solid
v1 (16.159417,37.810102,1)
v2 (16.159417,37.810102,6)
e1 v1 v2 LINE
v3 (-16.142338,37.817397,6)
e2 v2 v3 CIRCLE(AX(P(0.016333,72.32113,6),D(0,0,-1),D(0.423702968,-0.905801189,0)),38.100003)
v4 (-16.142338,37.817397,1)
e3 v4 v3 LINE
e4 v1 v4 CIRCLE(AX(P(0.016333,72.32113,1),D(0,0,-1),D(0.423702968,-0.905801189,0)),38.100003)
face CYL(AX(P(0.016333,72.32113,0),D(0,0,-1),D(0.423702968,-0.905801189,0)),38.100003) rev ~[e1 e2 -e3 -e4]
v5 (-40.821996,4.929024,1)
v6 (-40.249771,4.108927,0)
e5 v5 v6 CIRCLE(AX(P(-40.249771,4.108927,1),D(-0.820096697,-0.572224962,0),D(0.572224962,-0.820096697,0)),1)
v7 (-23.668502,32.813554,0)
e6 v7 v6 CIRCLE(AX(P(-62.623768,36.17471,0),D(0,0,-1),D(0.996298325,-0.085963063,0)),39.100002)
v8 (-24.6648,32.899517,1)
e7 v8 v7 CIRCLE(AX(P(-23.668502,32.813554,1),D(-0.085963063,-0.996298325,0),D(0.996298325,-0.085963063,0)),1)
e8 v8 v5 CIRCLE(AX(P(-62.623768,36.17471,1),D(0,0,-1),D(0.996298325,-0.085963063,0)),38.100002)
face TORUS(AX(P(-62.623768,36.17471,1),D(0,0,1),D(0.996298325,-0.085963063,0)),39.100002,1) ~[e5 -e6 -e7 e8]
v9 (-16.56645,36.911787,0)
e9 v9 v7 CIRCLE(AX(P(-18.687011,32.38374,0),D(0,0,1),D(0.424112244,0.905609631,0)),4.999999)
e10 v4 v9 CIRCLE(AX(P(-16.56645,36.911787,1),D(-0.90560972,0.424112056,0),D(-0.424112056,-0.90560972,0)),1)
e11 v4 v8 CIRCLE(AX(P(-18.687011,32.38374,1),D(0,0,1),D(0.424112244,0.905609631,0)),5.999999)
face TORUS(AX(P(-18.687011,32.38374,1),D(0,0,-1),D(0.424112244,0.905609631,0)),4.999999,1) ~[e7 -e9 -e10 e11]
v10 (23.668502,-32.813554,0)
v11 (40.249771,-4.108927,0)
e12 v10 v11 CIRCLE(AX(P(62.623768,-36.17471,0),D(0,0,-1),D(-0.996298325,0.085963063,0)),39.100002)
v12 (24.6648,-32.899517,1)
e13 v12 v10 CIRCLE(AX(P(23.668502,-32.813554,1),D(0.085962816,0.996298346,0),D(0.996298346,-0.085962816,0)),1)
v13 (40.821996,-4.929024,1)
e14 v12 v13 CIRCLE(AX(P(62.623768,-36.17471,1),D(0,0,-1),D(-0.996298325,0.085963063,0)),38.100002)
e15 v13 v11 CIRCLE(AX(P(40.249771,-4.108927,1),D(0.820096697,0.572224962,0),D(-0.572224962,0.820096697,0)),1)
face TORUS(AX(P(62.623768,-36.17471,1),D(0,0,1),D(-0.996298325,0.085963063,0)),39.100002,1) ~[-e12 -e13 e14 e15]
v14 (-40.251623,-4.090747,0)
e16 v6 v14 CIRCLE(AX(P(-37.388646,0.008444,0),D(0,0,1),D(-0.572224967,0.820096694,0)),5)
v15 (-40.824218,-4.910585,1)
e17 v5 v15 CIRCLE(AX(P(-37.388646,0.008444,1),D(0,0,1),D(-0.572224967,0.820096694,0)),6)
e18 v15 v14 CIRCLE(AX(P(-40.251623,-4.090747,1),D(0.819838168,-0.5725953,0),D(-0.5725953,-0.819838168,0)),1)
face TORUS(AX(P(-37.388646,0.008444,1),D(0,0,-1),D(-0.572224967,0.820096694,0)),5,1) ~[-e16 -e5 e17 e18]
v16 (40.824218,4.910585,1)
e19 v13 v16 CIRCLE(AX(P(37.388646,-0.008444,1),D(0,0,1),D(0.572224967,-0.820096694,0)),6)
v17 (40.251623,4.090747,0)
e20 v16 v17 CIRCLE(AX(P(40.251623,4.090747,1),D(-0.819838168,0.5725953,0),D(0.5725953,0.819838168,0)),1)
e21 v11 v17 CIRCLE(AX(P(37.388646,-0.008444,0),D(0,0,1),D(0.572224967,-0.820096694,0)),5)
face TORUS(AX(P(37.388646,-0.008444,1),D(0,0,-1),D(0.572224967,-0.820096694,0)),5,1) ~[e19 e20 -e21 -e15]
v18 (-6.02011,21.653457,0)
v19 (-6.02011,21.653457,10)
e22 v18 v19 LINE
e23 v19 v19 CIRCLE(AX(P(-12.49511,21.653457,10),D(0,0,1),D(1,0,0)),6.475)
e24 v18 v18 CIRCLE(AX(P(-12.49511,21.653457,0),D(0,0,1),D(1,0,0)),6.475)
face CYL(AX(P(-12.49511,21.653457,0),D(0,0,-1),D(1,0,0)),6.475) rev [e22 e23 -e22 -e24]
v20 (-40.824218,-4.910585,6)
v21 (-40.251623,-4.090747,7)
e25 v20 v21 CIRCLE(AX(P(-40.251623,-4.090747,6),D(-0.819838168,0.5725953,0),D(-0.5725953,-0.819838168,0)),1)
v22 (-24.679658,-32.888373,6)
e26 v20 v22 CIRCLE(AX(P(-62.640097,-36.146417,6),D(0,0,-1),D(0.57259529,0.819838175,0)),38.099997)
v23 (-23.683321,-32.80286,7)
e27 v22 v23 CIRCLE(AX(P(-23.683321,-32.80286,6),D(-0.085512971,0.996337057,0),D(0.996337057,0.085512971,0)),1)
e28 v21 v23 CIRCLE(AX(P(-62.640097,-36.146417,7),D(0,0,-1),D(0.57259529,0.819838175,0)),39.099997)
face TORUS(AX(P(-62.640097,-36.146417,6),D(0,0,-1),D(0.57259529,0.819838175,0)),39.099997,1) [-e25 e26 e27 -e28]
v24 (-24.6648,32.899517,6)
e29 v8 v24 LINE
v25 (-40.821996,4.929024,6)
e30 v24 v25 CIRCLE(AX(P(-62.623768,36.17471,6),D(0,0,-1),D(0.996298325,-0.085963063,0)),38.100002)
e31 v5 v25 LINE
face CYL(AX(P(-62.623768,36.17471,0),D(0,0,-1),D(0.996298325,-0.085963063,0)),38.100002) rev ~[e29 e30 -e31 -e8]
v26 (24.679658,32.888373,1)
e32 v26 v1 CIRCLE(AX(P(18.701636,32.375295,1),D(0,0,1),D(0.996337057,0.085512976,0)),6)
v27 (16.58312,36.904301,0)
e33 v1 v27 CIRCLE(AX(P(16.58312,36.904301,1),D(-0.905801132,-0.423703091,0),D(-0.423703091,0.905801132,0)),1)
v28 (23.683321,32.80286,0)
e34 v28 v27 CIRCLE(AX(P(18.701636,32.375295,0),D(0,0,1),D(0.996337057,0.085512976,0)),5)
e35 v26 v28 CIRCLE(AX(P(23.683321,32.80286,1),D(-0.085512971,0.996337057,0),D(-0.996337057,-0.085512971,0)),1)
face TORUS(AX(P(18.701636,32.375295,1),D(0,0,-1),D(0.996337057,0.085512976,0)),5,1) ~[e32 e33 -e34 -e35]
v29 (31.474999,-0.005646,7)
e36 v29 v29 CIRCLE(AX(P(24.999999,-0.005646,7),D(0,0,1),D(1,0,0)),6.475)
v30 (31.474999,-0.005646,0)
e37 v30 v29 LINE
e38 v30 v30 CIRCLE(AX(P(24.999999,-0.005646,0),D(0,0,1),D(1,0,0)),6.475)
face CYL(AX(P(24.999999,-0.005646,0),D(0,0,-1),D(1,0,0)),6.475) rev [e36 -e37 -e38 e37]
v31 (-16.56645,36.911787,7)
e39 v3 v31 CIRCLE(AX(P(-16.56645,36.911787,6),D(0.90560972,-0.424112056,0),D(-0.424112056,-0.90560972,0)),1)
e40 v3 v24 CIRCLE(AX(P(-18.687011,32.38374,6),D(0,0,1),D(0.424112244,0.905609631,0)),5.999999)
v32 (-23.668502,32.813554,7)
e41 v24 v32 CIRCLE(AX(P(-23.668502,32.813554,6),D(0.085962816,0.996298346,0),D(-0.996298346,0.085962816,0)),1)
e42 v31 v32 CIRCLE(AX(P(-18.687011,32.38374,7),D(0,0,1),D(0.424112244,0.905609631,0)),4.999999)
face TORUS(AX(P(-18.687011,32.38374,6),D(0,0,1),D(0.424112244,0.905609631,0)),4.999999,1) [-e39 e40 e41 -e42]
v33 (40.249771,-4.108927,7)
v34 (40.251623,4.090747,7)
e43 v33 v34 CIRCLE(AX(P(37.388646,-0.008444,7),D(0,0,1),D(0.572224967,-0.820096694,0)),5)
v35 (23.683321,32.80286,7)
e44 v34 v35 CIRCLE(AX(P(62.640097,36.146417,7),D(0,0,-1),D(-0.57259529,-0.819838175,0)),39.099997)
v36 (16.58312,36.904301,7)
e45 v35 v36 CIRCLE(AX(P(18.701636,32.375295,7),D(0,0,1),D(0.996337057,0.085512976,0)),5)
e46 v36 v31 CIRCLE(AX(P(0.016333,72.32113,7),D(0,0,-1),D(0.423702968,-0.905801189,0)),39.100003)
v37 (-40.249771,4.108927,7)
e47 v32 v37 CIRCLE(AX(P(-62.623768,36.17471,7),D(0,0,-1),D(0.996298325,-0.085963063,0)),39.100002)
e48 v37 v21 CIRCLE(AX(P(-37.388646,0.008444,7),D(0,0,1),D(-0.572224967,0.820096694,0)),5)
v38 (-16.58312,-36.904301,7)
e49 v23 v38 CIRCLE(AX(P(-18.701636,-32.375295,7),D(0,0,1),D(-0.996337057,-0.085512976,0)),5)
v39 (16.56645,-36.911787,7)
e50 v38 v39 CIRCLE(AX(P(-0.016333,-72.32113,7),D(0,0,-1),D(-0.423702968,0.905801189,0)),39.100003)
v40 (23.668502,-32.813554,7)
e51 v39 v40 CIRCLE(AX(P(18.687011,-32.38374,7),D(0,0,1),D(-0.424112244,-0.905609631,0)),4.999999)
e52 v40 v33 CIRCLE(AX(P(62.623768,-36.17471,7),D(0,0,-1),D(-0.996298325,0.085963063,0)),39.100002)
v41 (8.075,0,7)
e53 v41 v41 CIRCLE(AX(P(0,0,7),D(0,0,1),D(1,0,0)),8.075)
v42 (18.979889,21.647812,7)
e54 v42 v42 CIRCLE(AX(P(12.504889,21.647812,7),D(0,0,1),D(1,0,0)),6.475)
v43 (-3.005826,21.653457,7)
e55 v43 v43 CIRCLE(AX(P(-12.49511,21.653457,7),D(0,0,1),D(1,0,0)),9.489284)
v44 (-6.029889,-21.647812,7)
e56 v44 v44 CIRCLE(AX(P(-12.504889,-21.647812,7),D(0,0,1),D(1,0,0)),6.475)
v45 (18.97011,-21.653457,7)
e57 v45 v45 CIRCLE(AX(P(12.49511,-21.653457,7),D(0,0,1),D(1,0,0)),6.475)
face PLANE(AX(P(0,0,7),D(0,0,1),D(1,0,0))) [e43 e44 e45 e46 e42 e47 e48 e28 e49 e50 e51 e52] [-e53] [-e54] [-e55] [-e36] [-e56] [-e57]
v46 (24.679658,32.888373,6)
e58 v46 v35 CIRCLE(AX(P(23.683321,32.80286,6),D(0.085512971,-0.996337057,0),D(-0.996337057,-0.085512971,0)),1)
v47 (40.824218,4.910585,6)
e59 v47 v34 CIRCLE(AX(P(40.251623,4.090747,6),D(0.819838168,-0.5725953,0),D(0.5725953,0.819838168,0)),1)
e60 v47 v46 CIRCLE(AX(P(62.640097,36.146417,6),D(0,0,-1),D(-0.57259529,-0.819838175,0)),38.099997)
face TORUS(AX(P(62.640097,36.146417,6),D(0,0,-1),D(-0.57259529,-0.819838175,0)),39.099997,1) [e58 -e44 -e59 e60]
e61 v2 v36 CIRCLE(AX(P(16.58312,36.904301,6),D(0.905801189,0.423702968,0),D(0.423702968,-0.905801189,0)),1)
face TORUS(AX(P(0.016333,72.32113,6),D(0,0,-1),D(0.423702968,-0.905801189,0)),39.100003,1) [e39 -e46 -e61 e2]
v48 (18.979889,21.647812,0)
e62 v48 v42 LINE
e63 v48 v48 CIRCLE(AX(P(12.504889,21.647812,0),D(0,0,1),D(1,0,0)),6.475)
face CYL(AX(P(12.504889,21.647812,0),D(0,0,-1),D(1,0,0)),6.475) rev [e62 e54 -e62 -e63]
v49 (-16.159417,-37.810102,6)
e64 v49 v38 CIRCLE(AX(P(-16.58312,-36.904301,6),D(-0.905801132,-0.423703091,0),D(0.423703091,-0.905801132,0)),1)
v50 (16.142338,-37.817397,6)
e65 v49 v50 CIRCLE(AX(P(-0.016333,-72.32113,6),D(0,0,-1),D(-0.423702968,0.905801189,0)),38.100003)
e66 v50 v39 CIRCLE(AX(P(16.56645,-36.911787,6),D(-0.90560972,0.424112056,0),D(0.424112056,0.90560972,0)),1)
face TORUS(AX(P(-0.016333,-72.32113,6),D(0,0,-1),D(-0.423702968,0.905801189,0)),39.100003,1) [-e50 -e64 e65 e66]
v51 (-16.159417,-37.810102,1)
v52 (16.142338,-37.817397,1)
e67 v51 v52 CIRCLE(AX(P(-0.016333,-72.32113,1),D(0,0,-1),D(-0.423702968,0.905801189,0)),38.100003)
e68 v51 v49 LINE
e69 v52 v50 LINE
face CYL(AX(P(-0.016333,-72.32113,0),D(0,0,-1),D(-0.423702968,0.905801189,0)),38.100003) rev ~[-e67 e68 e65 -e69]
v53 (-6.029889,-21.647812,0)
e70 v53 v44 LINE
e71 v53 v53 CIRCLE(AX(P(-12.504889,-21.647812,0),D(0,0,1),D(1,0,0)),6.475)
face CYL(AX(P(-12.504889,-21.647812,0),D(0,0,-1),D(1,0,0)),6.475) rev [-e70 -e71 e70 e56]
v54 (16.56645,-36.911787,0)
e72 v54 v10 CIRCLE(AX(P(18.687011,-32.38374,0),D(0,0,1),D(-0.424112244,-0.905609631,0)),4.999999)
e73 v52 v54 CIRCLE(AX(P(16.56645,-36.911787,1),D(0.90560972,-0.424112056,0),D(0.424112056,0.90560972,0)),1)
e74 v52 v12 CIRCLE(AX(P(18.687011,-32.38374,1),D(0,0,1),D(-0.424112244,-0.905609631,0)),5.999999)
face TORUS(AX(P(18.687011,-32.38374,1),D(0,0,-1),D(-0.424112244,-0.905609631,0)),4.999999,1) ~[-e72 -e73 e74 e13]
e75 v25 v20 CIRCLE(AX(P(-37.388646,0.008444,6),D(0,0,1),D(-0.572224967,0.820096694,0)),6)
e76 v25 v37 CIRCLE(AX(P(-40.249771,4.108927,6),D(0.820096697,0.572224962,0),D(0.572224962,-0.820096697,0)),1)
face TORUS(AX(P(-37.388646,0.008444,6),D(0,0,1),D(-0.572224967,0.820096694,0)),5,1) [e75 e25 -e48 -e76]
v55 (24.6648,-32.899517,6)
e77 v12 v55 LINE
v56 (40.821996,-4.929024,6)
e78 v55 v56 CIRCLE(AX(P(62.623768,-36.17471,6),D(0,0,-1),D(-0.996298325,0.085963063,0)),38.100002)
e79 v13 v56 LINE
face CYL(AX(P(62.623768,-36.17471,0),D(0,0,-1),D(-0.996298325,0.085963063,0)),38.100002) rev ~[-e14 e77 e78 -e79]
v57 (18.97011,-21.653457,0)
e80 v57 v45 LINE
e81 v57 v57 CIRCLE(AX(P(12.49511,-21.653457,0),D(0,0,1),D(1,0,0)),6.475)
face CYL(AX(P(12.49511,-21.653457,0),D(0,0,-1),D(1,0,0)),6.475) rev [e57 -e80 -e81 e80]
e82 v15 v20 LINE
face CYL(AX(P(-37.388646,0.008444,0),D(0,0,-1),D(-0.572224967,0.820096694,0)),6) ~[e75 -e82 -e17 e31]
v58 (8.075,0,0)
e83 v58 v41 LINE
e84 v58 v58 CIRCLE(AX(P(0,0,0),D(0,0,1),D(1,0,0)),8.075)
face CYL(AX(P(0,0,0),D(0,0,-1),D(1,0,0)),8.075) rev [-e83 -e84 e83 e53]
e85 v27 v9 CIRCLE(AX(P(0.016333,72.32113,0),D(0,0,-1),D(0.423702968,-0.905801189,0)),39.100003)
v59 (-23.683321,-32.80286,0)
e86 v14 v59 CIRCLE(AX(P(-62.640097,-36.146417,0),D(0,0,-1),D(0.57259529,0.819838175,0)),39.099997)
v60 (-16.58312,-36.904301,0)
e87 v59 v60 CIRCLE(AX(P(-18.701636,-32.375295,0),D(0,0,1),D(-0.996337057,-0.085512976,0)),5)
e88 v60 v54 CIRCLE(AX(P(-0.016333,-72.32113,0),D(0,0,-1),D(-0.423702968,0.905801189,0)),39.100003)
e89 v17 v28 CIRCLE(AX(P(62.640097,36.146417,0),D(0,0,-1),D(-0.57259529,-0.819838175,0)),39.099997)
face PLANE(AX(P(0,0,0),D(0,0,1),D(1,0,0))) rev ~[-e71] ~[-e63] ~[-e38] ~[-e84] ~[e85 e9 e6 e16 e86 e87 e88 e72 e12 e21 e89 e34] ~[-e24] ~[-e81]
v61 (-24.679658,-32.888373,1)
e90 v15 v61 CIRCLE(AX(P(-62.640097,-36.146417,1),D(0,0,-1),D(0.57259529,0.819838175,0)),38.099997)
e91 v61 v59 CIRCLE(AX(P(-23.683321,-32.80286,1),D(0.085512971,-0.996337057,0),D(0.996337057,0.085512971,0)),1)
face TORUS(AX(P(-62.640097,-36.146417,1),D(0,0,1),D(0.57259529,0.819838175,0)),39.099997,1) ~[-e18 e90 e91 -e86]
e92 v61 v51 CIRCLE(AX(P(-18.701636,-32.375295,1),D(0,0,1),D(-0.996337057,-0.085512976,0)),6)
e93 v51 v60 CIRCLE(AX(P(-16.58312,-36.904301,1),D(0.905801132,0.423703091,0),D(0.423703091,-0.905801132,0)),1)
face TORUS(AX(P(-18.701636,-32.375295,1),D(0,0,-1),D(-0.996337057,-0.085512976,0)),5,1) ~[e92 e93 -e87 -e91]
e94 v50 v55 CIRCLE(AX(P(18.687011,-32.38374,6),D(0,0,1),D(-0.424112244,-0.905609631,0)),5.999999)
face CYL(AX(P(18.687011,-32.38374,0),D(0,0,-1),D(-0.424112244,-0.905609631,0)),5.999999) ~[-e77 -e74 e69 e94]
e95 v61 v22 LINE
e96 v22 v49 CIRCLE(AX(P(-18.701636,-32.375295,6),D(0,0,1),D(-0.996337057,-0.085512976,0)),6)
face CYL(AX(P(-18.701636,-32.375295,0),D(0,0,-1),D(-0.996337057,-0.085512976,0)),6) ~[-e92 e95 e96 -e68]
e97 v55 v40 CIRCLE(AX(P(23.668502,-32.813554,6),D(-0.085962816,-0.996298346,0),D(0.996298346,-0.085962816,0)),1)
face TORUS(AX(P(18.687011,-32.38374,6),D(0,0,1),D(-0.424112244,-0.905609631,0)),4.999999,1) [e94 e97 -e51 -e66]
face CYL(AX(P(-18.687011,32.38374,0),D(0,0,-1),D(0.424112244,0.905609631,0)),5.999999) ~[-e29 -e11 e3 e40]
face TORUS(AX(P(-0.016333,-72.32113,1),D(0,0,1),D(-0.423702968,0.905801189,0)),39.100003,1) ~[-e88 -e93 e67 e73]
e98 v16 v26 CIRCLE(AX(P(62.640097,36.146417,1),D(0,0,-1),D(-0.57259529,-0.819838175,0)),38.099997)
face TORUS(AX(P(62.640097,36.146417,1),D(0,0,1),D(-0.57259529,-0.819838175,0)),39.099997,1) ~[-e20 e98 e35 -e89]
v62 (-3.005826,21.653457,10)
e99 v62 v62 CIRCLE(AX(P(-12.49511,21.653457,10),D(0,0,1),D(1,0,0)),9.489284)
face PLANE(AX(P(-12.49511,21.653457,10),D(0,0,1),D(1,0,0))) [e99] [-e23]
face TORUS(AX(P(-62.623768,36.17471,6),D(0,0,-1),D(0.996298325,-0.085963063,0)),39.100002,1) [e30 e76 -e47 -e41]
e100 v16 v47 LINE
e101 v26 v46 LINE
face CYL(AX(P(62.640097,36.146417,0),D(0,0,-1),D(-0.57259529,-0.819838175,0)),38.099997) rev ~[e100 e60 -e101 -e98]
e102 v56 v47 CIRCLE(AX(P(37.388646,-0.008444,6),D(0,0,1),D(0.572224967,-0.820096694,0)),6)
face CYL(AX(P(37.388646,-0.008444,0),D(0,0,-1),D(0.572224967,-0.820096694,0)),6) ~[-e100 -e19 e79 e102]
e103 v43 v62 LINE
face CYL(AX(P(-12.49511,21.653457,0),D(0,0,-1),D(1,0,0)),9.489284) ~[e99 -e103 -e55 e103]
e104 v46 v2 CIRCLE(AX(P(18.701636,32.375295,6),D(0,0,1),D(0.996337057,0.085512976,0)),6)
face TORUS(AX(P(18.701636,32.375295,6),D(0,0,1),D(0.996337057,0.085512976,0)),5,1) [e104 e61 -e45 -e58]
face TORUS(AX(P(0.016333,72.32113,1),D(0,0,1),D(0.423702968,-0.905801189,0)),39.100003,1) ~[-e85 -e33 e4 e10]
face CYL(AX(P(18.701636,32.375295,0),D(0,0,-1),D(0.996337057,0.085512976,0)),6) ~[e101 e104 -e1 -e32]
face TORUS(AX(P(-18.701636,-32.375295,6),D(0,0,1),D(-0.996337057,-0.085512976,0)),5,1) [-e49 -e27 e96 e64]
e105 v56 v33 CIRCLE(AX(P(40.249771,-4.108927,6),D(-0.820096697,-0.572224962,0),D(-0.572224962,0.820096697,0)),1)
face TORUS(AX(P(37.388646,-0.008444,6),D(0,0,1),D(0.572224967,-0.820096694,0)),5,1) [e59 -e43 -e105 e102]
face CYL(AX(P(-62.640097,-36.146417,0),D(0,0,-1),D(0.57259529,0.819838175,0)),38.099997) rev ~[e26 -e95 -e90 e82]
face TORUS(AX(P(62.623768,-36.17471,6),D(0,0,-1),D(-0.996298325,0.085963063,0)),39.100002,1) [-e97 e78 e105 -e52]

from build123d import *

# Parameters (mm, degrees)
F0_R     = 6.475
F0_R_2   = 8.075
F0_R_3   = 9.489284
F1_DEPTH = 7
F2_R     = 1
F3_DEPTH = 10


with BuildPart() as f1:
    # F0 (on Top) → F1 (new body)
    with BuildSketch(Plane.XY):
        with BuildLine():
            ThreePointArc((16.159417, 37.810102), (0.007728, 34.221128), (-16.142338, 37.817397))
            ThreePointArc((-16.142338, 37.817397), (-21.685837, 37.580569), (-24.6648, 32.899517))
            ThreePointArc((-24.6648, 32.899517), (-29.632502, 17.117257), (-40.821996, 4.929024))
            ThreePointArc((-40.821996, 4.929024), (-43.388646, 0.009799), (-40.824218, -4.910585))
            ThreePointArc((-40.824218, -4.910585), (-29.64023, -17.103871), (-24.679658, -32.888373))
            ThreePointArc((-24.679658, -32.888373), (-21.702809, -37.57077), (-16.159417, -37.810102))
            ThreePointArc((-16.159417, -37.810102), (-0.007728, -34.221128), (16.142338, -37.817397))
            ThreePointArc((16.142338, -37.817397), (21.685837, -37.580569), (24.6648, -32.899517))
            ThreePointArc((24.6648, -32.899517), (29.632502, -17.117257), (40.821996, -4.929024))
            ThreePointArc((40.821996, -4.929024), (43.388646, -0.009799), (40.824218, 4.910585))
            ThreePointArc((40.824218, 4.910585), (29.64023, 17.103871), (24.679658, 32.888373))
            ThreePointArc((24.679658, 32.888373), (21.702809, 37.57077), (16.159417, 37.810102))
        make_face()
        with Locations((-12.504889, -21.647812)):
            Circle(F0_R, mode=Mode.SUBTRACT)
        with Locations((12.49511, -21.653457)):
            Circle(F0_R, mode=Mode.SUBTRACT)
        Circle(F0_R_2, mode=Mode.SUBTRACT)
        with Locations((24.999999, -0.005646)):
            Circle(F0_R, mode=Mode.SUBTRACT)
        with Locations((-12.49511, 21.653457)):
            Circle(F0_R_3, mode=Mode.SUBTRACT)
        with Locations((12.504889, 21.647812)):
            Circle(F0_R, mode=Mode.SUBTRACT)
    extrude(amount=F1_DEPTH)

    # F2
    f2_edges = [f1.edges().sort_by_distance(p)[0] for p in [
        (0.007728, 34.221128, 7),
        (-29.632502, 17.117257, 0),
    ]]
    fillet(f2_edges, radius=F2_R)

    # F0 (on Top) → F3 (join)
    with BuildSketch(Plane.XY):
        with Locations((-12.49511, 21.653457)):
            Circle(F0_R_3)
        with Locations((-12.49511, 21.653457)):
            Circle(F0_R, mode=Mode.SUBTRACT)
    extrude(amount=F3_DEPTH)


solid = f1.part
